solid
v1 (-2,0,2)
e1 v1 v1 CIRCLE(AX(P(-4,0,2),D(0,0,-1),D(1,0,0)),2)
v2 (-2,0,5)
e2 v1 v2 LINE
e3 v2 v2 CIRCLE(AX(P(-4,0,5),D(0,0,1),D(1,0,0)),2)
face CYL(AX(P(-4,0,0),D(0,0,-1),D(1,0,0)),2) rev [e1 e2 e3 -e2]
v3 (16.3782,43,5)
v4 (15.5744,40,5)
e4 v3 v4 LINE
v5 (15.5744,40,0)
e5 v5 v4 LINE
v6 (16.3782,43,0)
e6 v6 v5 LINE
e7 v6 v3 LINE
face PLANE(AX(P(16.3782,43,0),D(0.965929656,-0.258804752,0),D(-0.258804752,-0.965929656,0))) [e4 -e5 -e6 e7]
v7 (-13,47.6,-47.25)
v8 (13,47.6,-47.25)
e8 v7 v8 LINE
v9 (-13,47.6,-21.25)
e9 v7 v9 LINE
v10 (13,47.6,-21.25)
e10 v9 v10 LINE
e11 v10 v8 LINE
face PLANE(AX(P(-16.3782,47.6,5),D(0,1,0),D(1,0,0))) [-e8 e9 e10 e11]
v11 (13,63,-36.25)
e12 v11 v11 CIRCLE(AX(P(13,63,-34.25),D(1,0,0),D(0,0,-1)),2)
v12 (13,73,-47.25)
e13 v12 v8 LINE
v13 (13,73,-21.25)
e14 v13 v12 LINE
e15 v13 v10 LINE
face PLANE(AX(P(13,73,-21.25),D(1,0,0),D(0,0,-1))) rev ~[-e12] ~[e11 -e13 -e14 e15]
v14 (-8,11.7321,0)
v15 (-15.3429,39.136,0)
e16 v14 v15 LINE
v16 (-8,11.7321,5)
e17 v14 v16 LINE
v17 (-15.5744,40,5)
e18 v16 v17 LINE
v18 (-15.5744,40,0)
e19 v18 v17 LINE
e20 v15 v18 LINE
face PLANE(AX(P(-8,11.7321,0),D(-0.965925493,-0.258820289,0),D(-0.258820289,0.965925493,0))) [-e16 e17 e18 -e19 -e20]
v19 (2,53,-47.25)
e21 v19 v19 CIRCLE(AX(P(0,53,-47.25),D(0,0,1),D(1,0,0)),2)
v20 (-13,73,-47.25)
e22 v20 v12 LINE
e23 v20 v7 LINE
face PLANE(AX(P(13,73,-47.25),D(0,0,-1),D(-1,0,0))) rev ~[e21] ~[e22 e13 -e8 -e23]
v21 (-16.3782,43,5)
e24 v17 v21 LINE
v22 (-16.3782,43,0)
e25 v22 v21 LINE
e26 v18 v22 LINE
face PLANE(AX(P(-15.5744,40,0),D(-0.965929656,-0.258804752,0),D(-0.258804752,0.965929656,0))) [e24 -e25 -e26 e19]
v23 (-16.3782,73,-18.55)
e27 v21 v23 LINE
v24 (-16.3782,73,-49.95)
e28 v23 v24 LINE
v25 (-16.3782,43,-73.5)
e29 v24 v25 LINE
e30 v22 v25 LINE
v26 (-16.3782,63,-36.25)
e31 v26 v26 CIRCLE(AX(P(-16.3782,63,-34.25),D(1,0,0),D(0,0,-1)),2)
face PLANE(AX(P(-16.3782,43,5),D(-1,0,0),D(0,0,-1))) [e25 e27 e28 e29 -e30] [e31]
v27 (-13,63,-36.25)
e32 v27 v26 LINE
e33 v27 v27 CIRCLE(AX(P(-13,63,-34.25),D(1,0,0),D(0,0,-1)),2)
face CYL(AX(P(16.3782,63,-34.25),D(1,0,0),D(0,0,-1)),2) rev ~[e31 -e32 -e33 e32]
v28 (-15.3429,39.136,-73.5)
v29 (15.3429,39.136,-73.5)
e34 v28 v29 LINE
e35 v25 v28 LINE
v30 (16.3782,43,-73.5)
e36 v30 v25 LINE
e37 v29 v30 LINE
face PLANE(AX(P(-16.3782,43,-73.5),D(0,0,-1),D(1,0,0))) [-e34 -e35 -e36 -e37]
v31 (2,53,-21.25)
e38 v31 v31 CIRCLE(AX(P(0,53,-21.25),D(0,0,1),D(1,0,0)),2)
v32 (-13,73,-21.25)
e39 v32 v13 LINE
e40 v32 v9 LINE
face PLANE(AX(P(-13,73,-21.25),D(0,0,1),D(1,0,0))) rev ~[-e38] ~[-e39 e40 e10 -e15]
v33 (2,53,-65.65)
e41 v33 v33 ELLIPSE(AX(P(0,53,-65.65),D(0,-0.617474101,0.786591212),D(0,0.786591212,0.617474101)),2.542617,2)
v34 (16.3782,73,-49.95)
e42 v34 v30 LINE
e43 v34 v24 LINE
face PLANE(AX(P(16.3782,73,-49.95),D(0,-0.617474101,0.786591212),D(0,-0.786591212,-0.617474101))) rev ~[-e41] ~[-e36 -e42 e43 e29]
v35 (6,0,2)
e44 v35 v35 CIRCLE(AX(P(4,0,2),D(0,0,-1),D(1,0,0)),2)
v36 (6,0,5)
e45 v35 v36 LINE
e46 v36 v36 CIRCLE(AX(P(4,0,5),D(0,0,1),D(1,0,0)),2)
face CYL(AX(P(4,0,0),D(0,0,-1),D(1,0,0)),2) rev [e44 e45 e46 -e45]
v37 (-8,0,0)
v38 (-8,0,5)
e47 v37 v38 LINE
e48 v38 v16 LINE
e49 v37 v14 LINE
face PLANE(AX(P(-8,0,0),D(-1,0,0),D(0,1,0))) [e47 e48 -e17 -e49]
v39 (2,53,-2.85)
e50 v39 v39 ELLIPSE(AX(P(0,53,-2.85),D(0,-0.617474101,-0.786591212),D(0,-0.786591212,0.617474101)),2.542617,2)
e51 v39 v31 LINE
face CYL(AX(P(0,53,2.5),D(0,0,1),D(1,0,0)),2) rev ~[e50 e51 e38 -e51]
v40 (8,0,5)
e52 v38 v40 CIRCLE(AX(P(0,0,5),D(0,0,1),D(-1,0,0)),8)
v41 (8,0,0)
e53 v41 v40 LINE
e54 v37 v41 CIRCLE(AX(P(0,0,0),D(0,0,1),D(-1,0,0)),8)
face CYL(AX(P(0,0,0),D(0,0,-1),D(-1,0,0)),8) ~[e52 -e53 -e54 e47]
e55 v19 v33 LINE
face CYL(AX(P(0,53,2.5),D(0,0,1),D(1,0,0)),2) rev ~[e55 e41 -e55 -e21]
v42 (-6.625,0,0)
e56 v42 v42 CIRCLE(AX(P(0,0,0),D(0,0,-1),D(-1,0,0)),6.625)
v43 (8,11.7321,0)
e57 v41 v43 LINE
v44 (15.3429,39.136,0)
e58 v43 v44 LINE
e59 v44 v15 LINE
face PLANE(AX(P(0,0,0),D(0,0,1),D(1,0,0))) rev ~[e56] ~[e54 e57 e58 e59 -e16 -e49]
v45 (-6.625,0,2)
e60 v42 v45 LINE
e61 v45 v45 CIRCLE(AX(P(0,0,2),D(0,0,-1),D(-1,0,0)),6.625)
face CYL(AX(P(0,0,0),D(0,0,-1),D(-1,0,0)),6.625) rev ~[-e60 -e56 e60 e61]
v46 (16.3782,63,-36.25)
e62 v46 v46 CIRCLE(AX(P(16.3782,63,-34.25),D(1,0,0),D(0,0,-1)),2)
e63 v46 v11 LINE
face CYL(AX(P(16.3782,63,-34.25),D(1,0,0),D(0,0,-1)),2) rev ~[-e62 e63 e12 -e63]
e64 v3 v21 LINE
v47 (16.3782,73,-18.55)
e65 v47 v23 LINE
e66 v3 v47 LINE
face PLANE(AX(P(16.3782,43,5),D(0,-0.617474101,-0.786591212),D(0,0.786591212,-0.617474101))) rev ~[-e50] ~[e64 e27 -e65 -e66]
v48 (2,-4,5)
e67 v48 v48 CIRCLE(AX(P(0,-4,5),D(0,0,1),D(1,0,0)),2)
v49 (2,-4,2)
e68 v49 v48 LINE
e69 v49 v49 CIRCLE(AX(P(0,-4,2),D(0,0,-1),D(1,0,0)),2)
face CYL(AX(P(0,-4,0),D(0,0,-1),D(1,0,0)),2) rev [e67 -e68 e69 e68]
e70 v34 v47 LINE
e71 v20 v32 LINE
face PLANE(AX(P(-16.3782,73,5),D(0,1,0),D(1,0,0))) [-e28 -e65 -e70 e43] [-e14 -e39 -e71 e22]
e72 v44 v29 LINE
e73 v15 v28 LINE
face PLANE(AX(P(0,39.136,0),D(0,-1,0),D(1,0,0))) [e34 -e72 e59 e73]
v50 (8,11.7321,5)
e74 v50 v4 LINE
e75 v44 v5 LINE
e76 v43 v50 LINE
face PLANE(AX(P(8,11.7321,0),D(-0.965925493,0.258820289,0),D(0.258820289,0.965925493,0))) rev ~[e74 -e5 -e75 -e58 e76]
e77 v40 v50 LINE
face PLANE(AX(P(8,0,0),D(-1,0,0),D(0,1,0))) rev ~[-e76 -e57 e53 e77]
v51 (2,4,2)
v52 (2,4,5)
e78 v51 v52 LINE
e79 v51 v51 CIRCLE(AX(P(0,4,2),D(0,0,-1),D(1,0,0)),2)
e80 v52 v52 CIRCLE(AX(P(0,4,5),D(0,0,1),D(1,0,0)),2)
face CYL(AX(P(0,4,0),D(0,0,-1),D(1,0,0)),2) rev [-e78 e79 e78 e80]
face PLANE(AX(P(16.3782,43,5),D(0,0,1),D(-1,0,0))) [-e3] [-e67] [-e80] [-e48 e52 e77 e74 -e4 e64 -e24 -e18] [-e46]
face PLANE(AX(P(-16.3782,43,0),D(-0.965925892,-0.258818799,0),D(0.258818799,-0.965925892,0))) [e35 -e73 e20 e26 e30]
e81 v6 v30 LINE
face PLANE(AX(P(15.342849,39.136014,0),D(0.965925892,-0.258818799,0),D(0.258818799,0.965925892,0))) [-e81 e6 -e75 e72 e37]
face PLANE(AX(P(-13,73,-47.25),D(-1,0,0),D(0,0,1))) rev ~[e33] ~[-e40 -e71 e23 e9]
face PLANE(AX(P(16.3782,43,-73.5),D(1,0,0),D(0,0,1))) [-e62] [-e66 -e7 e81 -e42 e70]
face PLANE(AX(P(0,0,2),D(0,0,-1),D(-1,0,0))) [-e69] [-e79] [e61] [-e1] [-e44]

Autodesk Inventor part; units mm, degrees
ref_plane "YZ Plane" through (0, 0, 0) normal (1, 0, 0) x (0, 1, 0)
ref_plane "XZ Plane" through (0, 0, 0) normal (0, 1, 0) x (-1, 0, 0)
sketch "Sketch1" plane through (0, 0, 0) normal (0, 0, 1) x (1, 0, 0)
  circle A0 centre (0, 4) radius 2
  circle A1 centre (-4, 0) radius 2
  circle A2 centre (0, -4) radius 2
  circle A3 centre (4, 0) radius 2
  line L0 (8, 11.7321) -> (15.5744, 40)
  line L1 (7, 8) -> (40.1288, 8) construction
  line L2 (-8, 11.7321) -> (-15.5744, 40)
  line L3 (8, 0) -> (8, 11.7321)
  line L4 (-8, 0) -> (-8, 11.7321)
  arc A4 (-8, 0) -> (8, 0) centre (0, 0) ccw
  line L5 (0, 43) -> (16.3782, 43)
  line L6 (16.3782, 43) -> (15.5744, 40)
  line L7 (-15.5744, 40) -> (-16.3782, 43)
  line L8 (-16.3782, 43) -> (0, 43)
  dimension "d2" = 4
  dimension "d5" = 360
extrude "Extrusion1" add sketch "Sketch1" along normal blind 5
sketch "Sketch2" plane through (0, 0, 0) normal (0, 0, -1) x (-1, 0, 0)
  circle A0 centre (0, 0) radius 6.625
  dimension "d18" = 13.25
extrude "Extrusion2" cut sketch "Sketch2" against normal blind 2
sketch "Sketch4" plane through (0, 0, 0) normal (0, 0, -1) x (-1, 0, 0)
  line L0 (-8, 11.7321) -> (-16.3782, 43) projected
  line L1 (-16.3782, 43) -> (16.3782, 43) projected
  line L2 (-16.3782, 43) -> (16.3782, 43)
  line L3 (0, 39.136) -> (15.3429, 39.136)
  line L4 (16.3782, 43) -> (8, 11.7321) projected
  line L5 (15.3429, 39.136) -> (16.3782, 43)
  line L6 (0, 39.136) -> (-15.3429, 39.136)
  line L7 (-15.3429, 39.136) -> (-16.3782, 43)
  point P0 (0, 0)
extrude "Extrusion4" add sketch "Sketch4" along normal blind 73.5
sketch "Sketch5" plane through (-16.3782, 43, 5) normal (0, 1, 0) x (1, 0, 0)
  line L0 (0, 78.5) -> (32.7564, 78.5) projected
  line L1 (32.7564, 0) -> (0, 0) projected
  line L2 (0, 78.5) -> (32.7564, 78.5)
  line L3 (32.7564, 78.5) -> (32.7564, 0)
  line L4 (32.7564, 0) -> (0, 0)
  line L5 (0, 0) -> (0, 78.5)
  point P0 (16.3782, 5)
extrude "Extrusion5" add sketch "Sketch5" along normal blind 30
sketch "Sketch6" plane through (16.3782, 43, -73.5) normal (1, 0, 0) x (0, 0, -1)
  line L0 (-78.5, 30) -> (0, 30) projected
  line L1 (-39.25, 30) -> (-26.55, 30)
  line L2 (-39.25, 30) -> (-51.95, 30)
  line L3 (-51.95, 30) -> (-54.95, 30)
  line L4 (-26.55, 30) -> (-23.55, 30)
  line L5 (0, -3.864) -> (0, 0) projected
  line L6 (-23.55, 30) -> (0, 0)
  line L7 (0, 0) -> (0, 30) projected
  line L8 (0, 0) -> (0, 30)
  line L9 (0, 30) -> (-23.55, 30)
  line L10 (-54.95, 30) -> (-78.5, 30)
  line L11 (-78.5, 0) -> (-78.5, 30) projected
  line L12 (-78.5, 30) -> (-78.5, 0)
  line L13 (-78.5, 0) -> (-54.95, 30)
  point P0 (-73.5, -43)
  dimension "d30" = 12.7
  dimension "d31" = 12.7
  dimension "d32" = 3
  dimension "d33" = 3
extrude "Extrusion6" cut sketch "Sketch6" against normal up to surface (32.7564 mm away)
sketch "Sketch7" plane through (-16.3782, 73, 5) normal (0, 1, 0) x (1, 0, 0)
  line L0 (0, 78.5) -> (0, 0) projected
  line L1 (0, 23.55) -> (32.7564, 23.55) projected
  line L2 (16.3782, 52.25) -> (3.3782, 52.25)
  line L3 (3.3782, 52.25) -> (3.3782, 26.25)
  line L4 (3.3782, 26.25) -> (29.3782, 26.25)
  line L5 (29.3782, 26.25) -> (29.3782, 52.25)
  line L6 (29.3782, 52.25) -> (16.3782, 52.25)
  point P0 (16.3782, 5)
  dimension "d37" = 13
  dimension "d38" = 26
  dimension "d39" = 26
extrude "Extrusion7" cut sketch "Sketch7" against normal blind 25.4
ref_plane "Work Plane1" through (0, 0, 2.5) normal (0, 0, 1) x (1, 0, 0)
sketch "Sketch8" plane through (0, 0, 2.5) normal (0, 0, 1) x (1, 0, 0)
  line L0 (16.3782, 43) -> (-16.3782, 43) projected
  circle A0 centre (0, 53) radius 2
  point P0 (0, 0)
  dimension "d43" = 4
extrude "Extrusion8" cut sketch "Sketch8" against normal through all
sketch "Sketch9" plane through (16.3782, 43, 5) normal (1, 0, 0) x (0, 0, -1)
  line L0 (26.25, 30) -> (52.25, 30) projected
  circle A0 centre (39.25, 20) radius 2
  point P0 (5, -43)
  dimension "d47" = 4
extrude "Extrusion9" cut sketch "Sketch9" against normal up to surface (32.7564 mm away)
properties part number "OutPut_Shaft_From_Gearbox"
